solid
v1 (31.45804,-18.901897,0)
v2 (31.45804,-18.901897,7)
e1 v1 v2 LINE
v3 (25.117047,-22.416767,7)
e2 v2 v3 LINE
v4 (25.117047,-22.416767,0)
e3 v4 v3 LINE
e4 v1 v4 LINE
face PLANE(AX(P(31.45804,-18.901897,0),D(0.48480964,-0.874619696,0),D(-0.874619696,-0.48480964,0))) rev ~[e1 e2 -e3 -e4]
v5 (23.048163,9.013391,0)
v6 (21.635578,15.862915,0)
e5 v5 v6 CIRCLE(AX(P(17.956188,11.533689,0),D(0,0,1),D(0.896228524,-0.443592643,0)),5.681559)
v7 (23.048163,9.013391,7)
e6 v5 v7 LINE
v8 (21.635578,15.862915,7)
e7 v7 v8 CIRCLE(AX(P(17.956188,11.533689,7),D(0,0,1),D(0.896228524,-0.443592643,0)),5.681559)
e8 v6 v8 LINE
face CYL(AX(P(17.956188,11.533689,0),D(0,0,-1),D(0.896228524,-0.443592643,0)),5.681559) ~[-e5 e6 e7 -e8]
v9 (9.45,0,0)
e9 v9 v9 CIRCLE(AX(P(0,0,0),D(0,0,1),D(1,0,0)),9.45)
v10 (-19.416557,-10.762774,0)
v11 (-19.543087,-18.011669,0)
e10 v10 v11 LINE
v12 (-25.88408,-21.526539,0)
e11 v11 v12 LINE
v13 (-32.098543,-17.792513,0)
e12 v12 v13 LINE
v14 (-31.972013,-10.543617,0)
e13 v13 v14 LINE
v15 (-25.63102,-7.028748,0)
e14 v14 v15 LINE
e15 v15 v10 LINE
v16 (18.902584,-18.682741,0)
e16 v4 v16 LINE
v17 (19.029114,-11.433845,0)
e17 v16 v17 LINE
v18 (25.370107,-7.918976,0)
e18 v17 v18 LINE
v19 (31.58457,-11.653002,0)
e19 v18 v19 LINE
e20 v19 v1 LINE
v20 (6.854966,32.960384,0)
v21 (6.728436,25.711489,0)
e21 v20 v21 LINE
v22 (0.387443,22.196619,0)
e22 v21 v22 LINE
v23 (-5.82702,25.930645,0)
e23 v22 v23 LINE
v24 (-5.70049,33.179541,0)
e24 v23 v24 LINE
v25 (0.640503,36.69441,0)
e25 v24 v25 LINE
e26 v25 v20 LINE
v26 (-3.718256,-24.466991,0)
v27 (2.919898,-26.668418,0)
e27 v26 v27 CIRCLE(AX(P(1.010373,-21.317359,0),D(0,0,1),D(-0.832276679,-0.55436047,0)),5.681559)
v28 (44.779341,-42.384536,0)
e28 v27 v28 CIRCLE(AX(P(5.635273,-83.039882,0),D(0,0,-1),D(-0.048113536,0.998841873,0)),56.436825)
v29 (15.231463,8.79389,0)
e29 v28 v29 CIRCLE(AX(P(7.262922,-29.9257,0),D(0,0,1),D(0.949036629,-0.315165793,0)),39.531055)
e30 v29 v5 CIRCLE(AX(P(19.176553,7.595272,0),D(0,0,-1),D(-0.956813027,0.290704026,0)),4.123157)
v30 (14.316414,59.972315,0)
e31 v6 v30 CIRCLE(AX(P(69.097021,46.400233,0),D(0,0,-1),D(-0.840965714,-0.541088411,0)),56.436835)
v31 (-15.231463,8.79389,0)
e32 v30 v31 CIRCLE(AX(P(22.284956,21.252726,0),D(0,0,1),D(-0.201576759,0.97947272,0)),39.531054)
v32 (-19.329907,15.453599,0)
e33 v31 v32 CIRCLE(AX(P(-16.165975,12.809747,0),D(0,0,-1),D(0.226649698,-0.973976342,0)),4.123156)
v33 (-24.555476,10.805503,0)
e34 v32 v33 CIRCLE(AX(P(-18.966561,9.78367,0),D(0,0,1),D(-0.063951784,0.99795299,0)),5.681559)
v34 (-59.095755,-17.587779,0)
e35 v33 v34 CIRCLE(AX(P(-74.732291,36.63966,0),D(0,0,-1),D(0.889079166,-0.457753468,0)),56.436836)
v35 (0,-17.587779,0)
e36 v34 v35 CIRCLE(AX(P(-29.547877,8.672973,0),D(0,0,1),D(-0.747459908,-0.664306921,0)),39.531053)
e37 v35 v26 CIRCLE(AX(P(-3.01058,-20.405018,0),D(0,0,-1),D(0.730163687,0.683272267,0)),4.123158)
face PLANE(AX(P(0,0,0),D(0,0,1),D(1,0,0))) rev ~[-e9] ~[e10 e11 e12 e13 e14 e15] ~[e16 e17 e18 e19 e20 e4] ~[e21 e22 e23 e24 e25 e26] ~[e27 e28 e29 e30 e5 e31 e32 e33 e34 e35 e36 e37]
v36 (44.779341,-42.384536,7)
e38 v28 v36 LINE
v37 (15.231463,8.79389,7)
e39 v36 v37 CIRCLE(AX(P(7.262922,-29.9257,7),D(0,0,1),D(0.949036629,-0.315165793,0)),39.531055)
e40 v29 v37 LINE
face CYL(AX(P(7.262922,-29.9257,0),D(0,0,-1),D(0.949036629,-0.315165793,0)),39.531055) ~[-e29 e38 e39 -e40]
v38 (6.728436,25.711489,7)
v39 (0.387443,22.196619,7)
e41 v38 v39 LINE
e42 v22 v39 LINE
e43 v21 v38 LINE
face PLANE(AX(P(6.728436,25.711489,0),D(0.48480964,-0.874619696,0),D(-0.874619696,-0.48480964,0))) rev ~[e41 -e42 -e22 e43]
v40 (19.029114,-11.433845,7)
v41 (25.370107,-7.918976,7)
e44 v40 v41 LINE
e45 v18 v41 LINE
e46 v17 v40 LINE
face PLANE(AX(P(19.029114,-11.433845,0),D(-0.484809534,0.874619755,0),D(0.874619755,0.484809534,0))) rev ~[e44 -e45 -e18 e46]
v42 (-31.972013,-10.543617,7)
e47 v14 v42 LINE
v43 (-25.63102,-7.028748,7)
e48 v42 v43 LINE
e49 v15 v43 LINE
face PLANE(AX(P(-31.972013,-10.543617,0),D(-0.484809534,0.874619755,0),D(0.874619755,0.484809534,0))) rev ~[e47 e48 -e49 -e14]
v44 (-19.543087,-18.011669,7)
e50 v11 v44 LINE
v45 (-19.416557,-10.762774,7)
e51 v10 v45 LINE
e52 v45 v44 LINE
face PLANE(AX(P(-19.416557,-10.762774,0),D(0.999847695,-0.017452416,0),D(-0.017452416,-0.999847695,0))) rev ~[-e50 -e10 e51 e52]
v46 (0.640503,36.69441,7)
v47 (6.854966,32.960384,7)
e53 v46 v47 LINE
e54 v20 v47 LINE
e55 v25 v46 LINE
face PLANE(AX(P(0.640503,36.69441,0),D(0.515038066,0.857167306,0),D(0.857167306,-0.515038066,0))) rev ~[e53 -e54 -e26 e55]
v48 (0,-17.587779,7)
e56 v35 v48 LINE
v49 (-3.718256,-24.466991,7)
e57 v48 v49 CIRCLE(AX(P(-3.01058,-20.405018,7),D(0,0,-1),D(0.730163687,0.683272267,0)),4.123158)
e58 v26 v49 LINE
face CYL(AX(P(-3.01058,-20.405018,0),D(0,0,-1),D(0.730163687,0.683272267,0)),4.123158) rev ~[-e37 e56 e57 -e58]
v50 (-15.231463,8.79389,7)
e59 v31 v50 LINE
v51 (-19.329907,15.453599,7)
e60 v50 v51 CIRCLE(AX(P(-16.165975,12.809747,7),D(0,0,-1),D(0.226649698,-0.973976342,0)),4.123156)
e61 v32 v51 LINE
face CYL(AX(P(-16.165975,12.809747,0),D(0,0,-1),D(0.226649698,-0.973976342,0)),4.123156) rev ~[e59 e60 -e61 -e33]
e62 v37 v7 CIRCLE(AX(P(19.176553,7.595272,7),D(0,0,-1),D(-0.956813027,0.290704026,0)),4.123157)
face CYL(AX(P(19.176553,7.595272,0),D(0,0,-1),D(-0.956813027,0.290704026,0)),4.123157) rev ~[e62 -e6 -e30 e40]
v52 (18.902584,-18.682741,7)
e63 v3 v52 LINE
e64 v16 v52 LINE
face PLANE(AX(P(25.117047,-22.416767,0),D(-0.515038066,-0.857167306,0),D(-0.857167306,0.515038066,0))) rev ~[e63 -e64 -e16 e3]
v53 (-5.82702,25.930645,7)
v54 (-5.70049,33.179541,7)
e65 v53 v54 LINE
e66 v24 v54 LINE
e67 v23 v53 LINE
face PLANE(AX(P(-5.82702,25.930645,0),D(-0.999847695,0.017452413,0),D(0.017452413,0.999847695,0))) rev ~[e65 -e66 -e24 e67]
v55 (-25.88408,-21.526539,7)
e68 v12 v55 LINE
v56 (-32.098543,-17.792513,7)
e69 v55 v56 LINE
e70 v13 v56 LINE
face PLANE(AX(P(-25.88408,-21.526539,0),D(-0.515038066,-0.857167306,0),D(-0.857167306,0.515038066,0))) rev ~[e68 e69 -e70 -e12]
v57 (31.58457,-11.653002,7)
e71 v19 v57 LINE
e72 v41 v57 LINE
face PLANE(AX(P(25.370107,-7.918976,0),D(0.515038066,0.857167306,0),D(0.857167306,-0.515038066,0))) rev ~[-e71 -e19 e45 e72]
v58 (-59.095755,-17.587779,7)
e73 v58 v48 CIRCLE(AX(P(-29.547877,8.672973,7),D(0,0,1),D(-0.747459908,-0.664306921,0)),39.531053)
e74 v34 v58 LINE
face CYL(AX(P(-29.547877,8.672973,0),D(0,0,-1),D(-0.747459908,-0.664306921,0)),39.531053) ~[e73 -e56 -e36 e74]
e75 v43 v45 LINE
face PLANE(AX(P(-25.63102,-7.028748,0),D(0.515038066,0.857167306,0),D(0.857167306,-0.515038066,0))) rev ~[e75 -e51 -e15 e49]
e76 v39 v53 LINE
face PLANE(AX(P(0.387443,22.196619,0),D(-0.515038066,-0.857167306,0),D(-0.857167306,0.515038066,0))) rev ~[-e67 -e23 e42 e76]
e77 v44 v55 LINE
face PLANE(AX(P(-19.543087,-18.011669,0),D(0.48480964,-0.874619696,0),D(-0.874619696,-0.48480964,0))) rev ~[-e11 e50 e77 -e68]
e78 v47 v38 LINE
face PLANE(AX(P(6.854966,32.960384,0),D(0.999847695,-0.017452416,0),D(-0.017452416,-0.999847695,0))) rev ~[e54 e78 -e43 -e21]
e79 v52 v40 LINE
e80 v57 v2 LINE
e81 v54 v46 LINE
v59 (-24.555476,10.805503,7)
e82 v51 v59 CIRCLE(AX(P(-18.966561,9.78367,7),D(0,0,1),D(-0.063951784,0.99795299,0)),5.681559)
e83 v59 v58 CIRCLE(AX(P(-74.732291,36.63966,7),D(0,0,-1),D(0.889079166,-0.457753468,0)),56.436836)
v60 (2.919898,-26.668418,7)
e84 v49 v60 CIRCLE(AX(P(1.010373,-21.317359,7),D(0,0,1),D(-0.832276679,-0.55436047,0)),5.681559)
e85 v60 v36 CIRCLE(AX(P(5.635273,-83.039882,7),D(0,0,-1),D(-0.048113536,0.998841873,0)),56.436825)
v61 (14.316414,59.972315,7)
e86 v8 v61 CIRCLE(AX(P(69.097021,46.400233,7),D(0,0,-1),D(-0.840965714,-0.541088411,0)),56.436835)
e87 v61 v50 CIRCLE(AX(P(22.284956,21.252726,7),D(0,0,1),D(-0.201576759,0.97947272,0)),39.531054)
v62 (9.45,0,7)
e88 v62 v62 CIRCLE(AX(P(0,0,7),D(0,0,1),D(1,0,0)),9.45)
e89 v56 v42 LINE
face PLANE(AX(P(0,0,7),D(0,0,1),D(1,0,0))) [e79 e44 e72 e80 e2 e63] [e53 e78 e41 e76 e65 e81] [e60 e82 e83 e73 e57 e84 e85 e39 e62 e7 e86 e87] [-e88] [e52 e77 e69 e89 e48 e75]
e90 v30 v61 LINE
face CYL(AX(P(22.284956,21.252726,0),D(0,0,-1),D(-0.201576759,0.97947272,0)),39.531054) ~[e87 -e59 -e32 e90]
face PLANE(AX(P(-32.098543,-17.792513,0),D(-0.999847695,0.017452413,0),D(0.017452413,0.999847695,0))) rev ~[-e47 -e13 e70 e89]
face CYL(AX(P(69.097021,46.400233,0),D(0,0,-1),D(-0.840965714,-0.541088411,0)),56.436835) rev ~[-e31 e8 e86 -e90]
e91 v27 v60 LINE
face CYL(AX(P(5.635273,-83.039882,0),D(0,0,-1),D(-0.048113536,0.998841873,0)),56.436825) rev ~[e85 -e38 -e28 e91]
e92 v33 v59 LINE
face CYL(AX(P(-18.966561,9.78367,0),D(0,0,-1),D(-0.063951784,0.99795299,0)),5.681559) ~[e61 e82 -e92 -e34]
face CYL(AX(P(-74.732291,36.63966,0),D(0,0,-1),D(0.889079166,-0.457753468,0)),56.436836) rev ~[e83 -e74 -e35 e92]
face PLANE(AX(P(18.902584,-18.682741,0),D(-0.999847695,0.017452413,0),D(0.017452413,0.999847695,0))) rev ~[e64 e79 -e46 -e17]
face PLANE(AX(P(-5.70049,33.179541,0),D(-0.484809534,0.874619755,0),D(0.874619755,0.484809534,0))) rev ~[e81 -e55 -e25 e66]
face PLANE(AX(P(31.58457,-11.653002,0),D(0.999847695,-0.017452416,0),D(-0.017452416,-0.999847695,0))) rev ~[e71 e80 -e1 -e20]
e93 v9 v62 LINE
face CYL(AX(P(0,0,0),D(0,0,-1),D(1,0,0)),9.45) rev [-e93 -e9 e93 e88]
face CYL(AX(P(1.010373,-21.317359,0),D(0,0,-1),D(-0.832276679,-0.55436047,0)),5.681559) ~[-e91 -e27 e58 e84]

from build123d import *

# Parameters (mm, degrees)
F0_R     = 9.45
F1_DEPTH = 7


with BuildPart() as f1:
    # F0 (on Top) → F1 (new body)
    with BuildSketch(Plane.XY):
        with BuildLine():
            ThreePointArc((-24.555476, 10.805503), (-38.89385, -6.957617), (-59.095755, -17.587779))
            ThreePointArc((-59.095755, -17.587779), (-29.547878, -30.85808), (0, -17.587779))
            ThreePointArc((0, -17.587779), (0.616641, -22.365553), (-3.718256, -24.466991))
            ThreePointArc((-3.718256, -24.466991), (-0.778036, -26.710105), (2.919898, -26.668418))
            ThreePointArc((2.919898, -26.668418), (25.472398, -30.204253), (44.779341, -42.384536))
            ThreePointArc((44.779341, -42.384536), (41.49782, -10.160173), (15.231463, 8.79389))
            ThreePointArc((15.231463, 8.79389), (19.060817, 11.716804), (23.048163, 9.013391))
            ThreePointArc((23.048163, 9.013391), (23.520647, 12.681254), (21.635578, 15.862915))
            ThreePointArc((21.635578, 15.862915), (13.421452, 37.16187), (14.316414, 59.972315))
            ThreePointArc((14.316414, 59.972315), (-11.949942, 41.018252), (-15.231463, 8.79389))
            ThreePointArc((-15.231463, 8.79389), (-19.677458, 10.64875), (-19.329907, 15.453599))
            ThreePointArc((-19.329907, 15.453599), (-22.742611, 14.028851), (-24.555476, 10.805503))
        make_face()
        Polygon((-25.88408, -21.526539), (-32.098543, -17.792513), (-31.972013, -10.543617), (-25.63102, -7.028748), (-19.416557, -10.762774), (-19.543087, -18.011669), align=None, mode=Mode.SUBTRACT)
        Circle(F0_R, mode=Mode.SUBTRACT)
        Polygon((31.58457, -11.653002), (31.45804, -18.901897), (25.117047, -22.416767), (18.902584, -18.682741), (19.029114, -11.433845), (25.370107, -7.918976), align=None, mode=Mode.SUBTRACT)
        Polygon((-5.70049, 33.179541), (0.640503, 36.69441), (6.854966, 32.960384), (6.728436, 25.711489), (0.387443, 22.196619), (-5.82702, 25.930645), align=None, mode=Mode.SUBTRACT)
    extrude(amount=F1_DEPTH)


solid = f1.part
